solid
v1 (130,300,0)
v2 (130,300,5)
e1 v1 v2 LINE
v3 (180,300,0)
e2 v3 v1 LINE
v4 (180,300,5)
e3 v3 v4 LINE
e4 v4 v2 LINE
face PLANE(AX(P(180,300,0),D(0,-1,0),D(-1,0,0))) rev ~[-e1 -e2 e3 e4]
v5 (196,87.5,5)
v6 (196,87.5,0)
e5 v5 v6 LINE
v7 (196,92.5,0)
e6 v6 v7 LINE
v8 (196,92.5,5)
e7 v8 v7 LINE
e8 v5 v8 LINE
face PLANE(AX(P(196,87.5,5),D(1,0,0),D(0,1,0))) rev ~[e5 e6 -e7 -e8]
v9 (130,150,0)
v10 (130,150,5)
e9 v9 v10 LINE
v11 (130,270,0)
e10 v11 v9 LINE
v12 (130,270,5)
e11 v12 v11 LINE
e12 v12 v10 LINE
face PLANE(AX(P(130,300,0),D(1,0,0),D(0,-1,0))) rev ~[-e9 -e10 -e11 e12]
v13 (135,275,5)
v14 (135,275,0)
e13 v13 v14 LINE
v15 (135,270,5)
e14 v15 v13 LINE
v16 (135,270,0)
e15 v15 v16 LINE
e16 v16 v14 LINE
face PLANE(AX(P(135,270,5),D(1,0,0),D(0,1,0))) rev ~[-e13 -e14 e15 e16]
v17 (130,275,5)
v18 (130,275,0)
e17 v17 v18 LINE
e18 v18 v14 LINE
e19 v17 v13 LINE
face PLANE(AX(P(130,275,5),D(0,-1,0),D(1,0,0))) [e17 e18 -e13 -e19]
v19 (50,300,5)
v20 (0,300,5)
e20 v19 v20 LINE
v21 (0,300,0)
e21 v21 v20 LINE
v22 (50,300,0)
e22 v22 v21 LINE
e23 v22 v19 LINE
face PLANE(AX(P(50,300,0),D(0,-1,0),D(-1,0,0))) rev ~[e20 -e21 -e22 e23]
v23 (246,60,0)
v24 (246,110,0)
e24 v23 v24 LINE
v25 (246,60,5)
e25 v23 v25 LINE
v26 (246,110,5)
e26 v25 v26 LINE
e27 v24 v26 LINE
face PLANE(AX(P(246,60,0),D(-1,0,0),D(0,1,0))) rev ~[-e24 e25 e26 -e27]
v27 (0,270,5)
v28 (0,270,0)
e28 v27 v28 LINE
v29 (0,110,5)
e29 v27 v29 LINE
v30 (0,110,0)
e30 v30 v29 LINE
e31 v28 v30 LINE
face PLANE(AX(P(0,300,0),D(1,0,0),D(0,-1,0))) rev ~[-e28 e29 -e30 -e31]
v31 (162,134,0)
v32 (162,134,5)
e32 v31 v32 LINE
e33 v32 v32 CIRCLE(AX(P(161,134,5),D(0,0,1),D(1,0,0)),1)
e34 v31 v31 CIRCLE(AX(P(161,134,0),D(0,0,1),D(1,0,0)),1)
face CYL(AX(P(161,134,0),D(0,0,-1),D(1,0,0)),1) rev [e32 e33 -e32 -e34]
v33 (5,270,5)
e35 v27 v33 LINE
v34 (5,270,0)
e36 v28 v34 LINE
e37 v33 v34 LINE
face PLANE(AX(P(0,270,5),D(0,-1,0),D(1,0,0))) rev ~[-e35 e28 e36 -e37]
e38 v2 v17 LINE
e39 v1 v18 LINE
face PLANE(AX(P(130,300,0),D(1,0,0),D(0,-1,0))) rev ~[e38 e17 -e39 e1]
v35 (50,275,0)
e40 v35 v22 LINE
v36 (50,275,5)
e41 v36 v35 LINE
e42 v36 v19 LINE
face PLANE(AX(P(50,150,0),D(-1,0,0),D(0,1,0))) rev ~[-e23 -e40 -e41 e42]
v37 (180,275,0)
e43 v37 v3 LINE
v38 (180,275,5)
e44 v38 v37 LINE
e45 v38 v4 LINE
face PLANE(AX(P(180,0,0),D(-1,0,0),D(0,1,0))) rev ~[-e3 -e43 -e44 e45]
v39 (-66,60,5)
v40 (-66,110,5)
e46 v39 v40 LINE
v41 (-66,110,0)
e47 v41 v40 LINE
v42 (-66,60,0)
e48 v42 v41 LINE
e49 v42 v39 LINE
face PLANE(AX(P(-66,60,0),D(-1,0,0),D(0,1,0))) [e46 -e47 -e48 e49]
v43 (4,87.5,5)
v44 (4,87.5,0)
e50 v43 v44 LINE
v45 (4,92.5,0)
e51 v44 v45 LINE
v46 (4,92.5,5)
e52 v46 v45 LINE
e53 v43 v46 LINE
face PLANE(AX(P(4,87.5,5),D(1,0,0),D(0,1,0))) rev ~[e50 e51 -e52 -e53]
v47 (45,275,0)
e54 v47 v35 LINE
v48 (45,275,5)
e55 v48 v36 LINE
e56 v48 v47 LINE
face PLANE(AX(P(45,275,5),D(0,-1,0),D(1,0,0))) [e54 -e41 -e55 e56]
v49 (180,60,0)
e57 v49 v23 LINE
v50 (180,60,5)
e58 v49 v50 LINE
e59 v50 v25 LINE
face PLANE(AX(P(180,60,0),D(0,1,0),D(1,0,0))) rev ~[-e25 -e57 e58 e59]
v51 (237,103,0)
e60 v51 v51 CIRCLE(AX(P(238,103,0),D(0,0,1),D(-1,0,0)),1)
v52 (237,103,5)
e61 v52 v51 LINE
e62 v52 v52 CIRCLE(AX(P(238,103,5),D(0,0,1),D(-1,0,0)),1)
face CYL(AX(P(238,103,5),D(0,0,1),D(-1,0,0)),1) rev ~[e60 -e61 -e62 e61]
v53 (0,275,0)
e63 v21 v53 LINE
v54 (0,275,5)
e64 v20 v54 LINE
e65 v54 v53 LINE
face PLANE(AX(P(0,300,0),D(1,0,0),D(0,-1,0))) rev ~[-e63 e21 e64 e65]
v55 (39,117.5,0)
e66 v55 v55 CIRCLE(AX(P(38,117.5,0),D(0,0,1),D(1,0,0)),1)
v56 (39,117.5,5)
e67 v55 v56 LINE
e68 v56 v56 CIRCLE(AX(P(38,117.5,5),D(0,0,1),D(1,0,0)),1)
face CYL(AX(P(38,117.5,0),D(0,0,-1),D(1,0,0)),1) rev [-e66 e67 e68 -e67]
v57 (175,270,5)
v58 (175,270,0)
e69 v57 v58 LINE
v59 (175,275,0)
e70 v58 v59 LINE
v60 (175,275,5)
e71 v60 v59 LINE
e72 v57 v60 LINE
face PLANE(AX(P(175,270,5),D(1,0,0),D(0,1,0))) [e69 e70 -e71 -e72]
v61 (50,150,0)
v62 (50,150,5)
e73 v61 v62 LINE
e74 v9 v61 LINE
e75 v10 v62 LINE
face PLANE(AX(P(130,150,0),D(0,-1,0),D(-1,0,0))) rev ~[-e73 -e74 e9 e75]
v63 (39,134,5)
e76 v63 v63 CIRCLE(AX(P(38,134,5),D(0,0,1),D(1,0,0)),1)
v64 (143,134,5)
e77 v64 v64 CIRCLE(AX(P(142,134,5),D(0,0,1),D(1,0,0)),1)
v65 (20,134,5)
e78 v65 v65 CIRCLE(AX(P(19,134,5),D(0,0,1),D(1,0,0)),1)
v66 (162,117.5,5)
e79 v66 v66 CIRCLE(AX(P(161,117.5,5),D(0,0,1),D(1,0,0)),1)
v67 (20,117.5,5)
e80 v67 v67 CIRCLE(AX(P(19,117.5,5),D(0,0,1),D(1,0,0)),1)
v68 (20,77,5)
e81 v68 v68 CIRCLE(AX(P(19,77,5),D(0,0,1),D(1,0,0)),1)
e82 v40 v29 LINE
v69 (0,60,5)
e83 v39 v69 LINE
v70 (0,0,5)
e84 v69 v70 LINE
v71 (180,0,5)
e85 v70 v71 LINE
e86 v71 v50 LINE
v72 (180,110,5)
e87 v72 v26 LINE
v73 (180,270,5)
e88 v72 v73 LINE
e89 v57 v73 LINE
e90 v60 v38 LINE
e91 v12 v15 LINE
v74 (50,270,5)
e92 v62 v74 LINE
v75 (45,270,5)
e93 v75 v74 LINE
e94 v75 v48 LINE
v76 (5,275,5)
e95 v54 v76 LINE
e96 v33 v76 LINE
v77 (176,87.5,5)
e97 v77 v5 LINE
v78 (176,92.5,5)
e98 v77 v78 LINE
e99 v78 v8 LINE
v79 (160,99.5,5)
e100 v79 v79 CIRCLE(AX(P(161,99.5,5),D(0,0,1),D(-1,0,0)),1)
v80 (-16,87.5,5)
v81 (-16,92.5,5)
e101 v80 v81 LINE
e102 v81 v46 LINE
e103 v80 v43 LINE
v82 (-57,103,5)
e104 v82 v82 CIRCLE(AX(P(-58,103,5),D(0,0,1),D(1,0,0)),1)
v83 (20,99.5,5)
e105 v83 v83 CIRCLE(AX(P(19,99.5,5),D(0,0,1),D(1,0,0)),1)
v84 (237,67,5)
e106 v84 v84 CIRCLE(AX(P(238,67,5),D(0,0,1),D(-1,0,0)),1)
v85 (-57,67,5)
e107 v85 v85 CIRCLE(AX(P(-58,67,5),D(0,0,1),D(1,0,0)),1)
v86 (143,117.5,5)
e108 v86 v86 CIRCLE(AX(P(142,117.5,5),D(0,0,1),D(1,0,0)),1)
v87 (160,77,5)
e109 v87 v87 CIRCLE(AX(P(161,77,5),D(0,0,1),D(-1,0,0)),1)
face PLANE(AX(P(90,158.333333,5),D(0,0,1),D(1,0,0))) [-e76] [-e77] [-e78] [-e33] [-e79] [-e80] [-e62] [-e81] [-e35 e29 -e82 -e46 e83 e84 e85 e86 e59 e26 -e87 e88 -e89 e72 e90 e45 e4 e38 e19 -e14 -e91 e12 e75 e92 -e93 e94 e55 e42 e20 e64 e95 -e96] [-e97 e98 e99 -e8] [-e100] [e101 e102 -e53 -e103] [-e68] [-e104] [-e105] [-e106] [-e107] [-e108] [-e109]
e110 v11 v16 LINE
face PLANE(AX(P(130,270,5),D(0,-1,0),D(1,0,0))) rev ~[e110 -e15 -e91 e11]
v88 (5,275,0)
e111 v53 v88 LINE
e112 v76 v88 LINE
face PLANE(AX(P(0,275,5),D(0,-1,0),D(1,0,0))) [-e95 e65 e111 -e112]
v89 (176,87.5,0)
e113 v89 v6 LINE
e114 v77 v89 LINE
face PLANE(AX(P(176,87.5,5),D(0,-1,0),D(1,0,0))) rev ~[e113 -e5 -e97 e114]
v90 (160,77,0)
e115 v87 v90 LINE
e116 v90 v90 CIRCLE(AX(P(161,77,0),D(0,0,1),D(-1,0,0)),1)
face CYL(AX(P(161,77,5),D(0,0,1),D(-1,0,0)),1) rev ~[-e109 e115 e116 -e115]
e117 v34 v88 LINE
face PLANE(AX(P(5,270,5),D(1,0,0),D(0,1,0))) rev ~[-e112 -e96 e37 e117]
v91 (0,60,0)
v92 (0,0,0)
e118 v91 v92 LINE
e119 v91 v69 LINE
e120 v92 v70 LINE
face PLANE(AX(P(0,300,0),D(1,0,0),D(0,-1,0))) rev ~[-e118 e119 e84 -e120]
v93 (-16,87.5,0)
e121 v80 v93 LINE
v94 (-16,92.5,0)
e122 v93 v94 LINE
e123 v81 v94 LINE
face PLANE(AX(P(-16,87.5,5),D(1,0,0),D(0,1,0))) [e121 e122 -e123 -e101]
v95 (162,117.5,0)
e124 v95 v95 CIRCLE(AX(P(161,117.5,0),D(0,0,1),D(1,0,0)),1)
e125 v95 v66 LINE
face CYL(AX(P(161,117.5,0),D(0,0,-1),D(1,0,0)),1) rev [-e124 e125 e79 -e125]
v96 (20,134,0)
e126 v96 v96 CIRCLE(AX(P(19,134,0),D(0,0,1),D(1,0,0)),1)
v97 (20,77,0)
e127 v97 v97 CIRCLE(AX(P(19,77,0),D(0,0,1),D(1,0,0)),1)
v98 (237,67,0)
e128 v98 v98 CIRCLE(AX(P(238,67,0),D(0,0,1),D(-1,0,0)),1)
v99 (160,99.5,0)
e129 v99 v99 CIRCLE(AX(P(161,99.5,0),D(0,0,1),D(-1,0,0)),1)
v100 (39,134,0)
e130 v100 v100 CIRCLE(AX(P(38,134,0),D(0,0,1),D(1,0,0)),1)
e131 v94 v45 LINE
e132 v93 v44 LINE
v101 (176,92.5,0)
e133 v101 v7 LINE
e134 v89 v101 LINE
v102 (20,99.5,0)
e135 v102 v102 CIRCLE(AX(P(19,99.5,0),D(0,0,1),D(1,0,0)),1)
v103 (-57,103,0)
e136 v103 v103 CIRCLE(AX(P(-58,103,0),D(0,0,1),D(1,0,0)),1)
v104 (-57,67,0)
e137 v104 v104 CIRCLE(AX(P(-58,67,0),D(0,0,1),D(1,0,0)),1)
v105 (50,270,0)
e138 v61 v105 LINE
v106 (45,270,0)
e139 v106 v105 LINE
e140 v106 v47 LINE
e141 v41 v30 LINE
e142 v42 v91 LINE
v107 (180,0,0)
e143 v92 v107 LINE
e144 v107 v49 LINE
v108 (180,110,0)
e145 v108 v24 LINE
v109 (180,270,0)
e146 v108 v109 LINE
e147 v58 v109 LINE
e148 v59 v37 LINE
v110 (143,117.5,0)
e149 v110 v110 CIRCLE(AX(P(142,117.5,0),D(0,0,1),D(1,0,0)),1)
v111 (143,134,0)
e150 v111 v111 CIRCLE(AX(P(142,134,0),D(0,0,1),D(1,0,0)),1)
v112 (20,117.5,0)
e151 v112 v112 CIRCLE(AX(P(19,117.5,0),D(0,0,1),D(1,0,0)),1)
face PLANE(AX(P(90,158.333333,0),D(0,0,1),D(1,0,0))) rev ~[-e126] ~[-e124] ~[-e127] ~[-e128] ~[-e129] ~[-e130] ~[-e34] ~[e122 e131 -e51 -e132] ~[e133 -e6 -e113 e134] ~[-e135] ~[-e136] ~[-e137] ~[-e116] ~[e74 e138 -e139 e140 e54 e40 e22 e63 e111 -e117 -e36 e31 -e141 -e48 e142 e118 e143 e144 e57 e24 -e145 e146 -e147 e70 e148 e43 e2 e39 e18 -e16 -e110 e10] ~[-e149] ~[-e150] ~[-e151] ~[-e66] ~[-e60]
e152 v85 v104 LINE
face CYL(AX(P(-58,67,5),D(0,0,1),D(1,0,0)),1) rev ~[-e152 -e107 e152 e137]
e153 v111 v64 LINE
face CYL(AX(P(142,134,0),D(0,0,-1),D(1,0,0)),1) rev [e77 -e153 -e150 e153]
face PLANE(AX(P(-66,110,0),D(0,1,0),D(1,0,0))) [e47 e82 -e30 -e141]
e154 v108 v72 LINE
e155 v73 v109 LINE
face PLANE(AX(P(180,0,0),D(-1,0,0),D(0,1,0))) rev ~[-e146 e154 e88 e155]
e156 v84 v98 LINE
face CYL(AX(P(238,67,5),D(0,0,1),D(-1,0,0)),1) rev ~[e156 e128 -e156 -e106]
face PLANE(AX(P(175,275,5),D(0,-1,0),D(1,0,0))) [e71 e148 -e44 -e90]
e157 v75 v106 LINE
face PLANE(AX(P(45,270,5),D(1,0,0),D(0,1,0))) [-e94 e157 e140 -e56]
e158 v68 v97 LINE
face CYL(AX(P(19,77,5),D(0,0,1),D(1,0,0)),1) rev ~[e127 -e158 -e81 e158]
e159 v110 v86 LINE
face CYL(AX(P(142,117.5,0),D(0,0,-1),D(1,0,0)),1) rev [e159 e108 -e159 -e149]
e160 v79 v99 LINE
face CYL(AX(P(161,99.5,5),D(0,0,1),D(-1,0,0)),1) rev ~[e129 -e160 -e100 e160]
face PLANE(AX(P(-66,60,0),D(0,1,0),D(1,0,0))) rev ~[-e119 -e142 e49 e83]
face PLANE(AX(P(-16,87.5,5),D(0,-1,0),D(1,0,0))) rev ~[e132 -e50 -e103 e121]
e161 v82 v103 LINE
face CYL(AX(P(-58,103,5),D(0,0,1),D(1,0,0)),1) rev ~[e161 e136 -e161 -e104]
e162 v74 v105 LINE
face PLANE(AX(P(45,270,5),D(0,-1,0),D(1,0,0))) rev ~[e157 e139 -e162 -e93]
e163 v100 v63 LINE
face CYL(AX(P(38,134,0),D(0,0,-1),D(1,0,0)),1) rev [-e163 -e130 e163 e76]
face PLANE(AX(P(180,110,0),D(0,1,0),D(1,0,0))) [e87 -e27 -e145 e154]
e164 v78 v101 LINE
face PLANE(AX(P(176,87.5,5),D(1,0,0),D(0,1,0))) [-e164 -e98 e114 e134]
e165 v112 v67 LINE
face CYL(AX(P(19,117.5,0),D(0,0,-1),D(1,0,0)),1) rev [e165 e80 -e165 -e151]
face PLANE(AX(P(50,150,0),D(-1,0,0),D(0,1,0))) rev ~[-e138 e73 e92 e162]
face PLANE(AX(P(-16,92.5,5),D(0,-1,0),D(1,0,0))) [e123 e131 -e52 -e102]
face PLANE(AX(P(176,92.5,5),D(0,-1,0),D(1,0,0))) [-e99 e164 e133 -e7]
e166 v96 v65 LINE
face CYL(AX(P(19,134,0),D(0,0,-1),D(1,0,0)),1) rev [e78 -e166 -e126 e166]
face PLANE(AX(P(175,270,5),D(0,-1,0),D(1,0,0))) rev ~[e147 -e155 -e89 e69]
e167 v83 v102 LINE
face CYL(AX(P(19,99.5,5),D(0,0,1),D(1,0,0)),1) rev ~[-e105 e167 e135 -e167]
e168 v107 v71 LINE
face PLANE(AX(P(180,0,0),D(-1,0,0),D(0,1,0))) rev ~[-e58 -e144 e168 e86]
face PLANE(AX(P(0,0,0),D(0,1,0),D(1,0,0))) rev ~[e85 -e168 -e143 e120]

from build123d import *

# Parameters (mm, degrees)
SKETCH1_W           = 66
SKETCH1_H           = 50
SKETCH1_R           = 1
BOSS_EXTRUDE1_DEPTH = 5
SKETCH2_R           = 1
CUT_EXTRUDE1_DEPTH  = 388.996134001
SKETCH3_R           = 1
SKETCH3_W           = 20
SKETCH3_H           = 5
CUT_EXTRUDE2_DEPTH  = 388.996134001
SKETCH4_W           = 5
SKETCH4_H           = 5
CUT_EXTRUDE3_DEPTH  = 388.996134001


with BuildPart() as part:
    # Sketch1 → Boss-Extrude1 (new body)
    # profile 1 of 3: a face of its own
    with BuildSketch(Plane.XY):
        with Locations((-33, 85)):
            Rectangle(SKETCH1_W, SKETCH1_H)
    # profile 2 of 3: a face of its own
    with BuildSketch(Plane.XY):
        Polygon((0, 60), (0, 0), (180, 0), (180, 60), (180, 110), (180, 300), (130, 300), (130, 150), (50, 150), (50, 300), (0, 300), (0, 110), align=None)
        with Locations((19, 117.5)):
            Circle(SKETCH1_R, mode=Mode.SUBTRACT)
        with Locations((38, 117.5)):
            Circle(SKETCH1_R, mode=Mode.SUBTRACT)
        with Locations((19, 134)):
            Circle(SKETCH1_R, mode=Mode.SUBTRACT)
        with Locations((38, 134)):
            Circle(SKETCH1_R, mode=Mode.SUBTRACT)
        with Locations((142, 117.5)):
            Circle(SKETCH1_R, mode=Mode.SUBTRACT)
        with Locations((161, 117.5)):
            Circle(SKETCH1_R, mode=Mode.SUBTRACT)
        with Locations((142, 134)):
            Circle(SKETCH1_R, mode=Mode.SUBTRACT)
        with Locations((161, 134)):
            Circle(SKETCH1_R, mode=Mode.SUBTRACT)
    # profile 3 of 3: a face of its own
    with BuildSketch(Plane.XY):
        with Locations((213, 85)):
            Rectangle(SKETCH1_W, SKETCH1_H)
    extrude(amount=BOSS_EXTRUDE1_DEPTH)

    # Sketch2 → Cut-Extrude1 (cut, through all)
    with BuildSketch(Plane.XY.offset(5)):
        with Locations((-58, 103)):
            Circle(SKETCH2_R)
        with Locations((-58, 67)):
            Circle(SKETCH2_R)
        with Locations(Location((238, 67, 0), (0, 0, 180))):
            Circle(SKETCH2_R)
        with Locations(Location((238, 103, 0), (0, 0, 180))):
            Circle(SKETCH2_R)
    extrude(amount=-CUT_EXTRUDE1_DEPTH, mode=Mode.SUBTRACT)

    # Sketch3 → Cut-Extrude2 (cut, through all)
    with BuildSketch(Plane.XY.offset(5)):
        with Locations((19, 77)):
            Circle(SKETCH3_R)
        with Locations((19, 99.5)):
            Circle(SKETCH3_R)
        with Locations(Location((161, 77, 0), (0, 0, 180))):
            Circle(SKETCH3_R)
        with Locations(Location((161, 99.5, 0), (0, 0, 180))):
            Circle(SKETCH3_R)
        with Locations((-6, 90)):
            Rectangle(SKETCH3_W, SKETCH3_H)
        with Locations((186, 90)):
            Rectangle(SKETCH3_W, SKETCH3_H)
    extrude(amount=-CUT_EXTRUDE2_DEPTH, mode=Mode.SUBTRACT)

    # Sketch4 → Cut-Extrude3 (cut, through all)
    with BuildSketch(Plane.XY.offset(5)):
        with Locations((2.5, 272.5)):
            Rectangle(SKETCH4_W, SKETCH4_H)
        with Locations((47.5, 272.5)):
            Rectangle(SKETCH4_W, SKETCH4_H)
        with Locations((132.5, 272.5)):
            Rectangle(SKETCH4_W, SKETCH4_H)
        with Locations((177.5, 272.5)):
            Rectangle(SKETCH4_W, SKETCH4_H)
    extrude(amount=-CUT_EXTRUDE3_DEPTH, mode=Mode.SUBTRACT)


solid = part.part
